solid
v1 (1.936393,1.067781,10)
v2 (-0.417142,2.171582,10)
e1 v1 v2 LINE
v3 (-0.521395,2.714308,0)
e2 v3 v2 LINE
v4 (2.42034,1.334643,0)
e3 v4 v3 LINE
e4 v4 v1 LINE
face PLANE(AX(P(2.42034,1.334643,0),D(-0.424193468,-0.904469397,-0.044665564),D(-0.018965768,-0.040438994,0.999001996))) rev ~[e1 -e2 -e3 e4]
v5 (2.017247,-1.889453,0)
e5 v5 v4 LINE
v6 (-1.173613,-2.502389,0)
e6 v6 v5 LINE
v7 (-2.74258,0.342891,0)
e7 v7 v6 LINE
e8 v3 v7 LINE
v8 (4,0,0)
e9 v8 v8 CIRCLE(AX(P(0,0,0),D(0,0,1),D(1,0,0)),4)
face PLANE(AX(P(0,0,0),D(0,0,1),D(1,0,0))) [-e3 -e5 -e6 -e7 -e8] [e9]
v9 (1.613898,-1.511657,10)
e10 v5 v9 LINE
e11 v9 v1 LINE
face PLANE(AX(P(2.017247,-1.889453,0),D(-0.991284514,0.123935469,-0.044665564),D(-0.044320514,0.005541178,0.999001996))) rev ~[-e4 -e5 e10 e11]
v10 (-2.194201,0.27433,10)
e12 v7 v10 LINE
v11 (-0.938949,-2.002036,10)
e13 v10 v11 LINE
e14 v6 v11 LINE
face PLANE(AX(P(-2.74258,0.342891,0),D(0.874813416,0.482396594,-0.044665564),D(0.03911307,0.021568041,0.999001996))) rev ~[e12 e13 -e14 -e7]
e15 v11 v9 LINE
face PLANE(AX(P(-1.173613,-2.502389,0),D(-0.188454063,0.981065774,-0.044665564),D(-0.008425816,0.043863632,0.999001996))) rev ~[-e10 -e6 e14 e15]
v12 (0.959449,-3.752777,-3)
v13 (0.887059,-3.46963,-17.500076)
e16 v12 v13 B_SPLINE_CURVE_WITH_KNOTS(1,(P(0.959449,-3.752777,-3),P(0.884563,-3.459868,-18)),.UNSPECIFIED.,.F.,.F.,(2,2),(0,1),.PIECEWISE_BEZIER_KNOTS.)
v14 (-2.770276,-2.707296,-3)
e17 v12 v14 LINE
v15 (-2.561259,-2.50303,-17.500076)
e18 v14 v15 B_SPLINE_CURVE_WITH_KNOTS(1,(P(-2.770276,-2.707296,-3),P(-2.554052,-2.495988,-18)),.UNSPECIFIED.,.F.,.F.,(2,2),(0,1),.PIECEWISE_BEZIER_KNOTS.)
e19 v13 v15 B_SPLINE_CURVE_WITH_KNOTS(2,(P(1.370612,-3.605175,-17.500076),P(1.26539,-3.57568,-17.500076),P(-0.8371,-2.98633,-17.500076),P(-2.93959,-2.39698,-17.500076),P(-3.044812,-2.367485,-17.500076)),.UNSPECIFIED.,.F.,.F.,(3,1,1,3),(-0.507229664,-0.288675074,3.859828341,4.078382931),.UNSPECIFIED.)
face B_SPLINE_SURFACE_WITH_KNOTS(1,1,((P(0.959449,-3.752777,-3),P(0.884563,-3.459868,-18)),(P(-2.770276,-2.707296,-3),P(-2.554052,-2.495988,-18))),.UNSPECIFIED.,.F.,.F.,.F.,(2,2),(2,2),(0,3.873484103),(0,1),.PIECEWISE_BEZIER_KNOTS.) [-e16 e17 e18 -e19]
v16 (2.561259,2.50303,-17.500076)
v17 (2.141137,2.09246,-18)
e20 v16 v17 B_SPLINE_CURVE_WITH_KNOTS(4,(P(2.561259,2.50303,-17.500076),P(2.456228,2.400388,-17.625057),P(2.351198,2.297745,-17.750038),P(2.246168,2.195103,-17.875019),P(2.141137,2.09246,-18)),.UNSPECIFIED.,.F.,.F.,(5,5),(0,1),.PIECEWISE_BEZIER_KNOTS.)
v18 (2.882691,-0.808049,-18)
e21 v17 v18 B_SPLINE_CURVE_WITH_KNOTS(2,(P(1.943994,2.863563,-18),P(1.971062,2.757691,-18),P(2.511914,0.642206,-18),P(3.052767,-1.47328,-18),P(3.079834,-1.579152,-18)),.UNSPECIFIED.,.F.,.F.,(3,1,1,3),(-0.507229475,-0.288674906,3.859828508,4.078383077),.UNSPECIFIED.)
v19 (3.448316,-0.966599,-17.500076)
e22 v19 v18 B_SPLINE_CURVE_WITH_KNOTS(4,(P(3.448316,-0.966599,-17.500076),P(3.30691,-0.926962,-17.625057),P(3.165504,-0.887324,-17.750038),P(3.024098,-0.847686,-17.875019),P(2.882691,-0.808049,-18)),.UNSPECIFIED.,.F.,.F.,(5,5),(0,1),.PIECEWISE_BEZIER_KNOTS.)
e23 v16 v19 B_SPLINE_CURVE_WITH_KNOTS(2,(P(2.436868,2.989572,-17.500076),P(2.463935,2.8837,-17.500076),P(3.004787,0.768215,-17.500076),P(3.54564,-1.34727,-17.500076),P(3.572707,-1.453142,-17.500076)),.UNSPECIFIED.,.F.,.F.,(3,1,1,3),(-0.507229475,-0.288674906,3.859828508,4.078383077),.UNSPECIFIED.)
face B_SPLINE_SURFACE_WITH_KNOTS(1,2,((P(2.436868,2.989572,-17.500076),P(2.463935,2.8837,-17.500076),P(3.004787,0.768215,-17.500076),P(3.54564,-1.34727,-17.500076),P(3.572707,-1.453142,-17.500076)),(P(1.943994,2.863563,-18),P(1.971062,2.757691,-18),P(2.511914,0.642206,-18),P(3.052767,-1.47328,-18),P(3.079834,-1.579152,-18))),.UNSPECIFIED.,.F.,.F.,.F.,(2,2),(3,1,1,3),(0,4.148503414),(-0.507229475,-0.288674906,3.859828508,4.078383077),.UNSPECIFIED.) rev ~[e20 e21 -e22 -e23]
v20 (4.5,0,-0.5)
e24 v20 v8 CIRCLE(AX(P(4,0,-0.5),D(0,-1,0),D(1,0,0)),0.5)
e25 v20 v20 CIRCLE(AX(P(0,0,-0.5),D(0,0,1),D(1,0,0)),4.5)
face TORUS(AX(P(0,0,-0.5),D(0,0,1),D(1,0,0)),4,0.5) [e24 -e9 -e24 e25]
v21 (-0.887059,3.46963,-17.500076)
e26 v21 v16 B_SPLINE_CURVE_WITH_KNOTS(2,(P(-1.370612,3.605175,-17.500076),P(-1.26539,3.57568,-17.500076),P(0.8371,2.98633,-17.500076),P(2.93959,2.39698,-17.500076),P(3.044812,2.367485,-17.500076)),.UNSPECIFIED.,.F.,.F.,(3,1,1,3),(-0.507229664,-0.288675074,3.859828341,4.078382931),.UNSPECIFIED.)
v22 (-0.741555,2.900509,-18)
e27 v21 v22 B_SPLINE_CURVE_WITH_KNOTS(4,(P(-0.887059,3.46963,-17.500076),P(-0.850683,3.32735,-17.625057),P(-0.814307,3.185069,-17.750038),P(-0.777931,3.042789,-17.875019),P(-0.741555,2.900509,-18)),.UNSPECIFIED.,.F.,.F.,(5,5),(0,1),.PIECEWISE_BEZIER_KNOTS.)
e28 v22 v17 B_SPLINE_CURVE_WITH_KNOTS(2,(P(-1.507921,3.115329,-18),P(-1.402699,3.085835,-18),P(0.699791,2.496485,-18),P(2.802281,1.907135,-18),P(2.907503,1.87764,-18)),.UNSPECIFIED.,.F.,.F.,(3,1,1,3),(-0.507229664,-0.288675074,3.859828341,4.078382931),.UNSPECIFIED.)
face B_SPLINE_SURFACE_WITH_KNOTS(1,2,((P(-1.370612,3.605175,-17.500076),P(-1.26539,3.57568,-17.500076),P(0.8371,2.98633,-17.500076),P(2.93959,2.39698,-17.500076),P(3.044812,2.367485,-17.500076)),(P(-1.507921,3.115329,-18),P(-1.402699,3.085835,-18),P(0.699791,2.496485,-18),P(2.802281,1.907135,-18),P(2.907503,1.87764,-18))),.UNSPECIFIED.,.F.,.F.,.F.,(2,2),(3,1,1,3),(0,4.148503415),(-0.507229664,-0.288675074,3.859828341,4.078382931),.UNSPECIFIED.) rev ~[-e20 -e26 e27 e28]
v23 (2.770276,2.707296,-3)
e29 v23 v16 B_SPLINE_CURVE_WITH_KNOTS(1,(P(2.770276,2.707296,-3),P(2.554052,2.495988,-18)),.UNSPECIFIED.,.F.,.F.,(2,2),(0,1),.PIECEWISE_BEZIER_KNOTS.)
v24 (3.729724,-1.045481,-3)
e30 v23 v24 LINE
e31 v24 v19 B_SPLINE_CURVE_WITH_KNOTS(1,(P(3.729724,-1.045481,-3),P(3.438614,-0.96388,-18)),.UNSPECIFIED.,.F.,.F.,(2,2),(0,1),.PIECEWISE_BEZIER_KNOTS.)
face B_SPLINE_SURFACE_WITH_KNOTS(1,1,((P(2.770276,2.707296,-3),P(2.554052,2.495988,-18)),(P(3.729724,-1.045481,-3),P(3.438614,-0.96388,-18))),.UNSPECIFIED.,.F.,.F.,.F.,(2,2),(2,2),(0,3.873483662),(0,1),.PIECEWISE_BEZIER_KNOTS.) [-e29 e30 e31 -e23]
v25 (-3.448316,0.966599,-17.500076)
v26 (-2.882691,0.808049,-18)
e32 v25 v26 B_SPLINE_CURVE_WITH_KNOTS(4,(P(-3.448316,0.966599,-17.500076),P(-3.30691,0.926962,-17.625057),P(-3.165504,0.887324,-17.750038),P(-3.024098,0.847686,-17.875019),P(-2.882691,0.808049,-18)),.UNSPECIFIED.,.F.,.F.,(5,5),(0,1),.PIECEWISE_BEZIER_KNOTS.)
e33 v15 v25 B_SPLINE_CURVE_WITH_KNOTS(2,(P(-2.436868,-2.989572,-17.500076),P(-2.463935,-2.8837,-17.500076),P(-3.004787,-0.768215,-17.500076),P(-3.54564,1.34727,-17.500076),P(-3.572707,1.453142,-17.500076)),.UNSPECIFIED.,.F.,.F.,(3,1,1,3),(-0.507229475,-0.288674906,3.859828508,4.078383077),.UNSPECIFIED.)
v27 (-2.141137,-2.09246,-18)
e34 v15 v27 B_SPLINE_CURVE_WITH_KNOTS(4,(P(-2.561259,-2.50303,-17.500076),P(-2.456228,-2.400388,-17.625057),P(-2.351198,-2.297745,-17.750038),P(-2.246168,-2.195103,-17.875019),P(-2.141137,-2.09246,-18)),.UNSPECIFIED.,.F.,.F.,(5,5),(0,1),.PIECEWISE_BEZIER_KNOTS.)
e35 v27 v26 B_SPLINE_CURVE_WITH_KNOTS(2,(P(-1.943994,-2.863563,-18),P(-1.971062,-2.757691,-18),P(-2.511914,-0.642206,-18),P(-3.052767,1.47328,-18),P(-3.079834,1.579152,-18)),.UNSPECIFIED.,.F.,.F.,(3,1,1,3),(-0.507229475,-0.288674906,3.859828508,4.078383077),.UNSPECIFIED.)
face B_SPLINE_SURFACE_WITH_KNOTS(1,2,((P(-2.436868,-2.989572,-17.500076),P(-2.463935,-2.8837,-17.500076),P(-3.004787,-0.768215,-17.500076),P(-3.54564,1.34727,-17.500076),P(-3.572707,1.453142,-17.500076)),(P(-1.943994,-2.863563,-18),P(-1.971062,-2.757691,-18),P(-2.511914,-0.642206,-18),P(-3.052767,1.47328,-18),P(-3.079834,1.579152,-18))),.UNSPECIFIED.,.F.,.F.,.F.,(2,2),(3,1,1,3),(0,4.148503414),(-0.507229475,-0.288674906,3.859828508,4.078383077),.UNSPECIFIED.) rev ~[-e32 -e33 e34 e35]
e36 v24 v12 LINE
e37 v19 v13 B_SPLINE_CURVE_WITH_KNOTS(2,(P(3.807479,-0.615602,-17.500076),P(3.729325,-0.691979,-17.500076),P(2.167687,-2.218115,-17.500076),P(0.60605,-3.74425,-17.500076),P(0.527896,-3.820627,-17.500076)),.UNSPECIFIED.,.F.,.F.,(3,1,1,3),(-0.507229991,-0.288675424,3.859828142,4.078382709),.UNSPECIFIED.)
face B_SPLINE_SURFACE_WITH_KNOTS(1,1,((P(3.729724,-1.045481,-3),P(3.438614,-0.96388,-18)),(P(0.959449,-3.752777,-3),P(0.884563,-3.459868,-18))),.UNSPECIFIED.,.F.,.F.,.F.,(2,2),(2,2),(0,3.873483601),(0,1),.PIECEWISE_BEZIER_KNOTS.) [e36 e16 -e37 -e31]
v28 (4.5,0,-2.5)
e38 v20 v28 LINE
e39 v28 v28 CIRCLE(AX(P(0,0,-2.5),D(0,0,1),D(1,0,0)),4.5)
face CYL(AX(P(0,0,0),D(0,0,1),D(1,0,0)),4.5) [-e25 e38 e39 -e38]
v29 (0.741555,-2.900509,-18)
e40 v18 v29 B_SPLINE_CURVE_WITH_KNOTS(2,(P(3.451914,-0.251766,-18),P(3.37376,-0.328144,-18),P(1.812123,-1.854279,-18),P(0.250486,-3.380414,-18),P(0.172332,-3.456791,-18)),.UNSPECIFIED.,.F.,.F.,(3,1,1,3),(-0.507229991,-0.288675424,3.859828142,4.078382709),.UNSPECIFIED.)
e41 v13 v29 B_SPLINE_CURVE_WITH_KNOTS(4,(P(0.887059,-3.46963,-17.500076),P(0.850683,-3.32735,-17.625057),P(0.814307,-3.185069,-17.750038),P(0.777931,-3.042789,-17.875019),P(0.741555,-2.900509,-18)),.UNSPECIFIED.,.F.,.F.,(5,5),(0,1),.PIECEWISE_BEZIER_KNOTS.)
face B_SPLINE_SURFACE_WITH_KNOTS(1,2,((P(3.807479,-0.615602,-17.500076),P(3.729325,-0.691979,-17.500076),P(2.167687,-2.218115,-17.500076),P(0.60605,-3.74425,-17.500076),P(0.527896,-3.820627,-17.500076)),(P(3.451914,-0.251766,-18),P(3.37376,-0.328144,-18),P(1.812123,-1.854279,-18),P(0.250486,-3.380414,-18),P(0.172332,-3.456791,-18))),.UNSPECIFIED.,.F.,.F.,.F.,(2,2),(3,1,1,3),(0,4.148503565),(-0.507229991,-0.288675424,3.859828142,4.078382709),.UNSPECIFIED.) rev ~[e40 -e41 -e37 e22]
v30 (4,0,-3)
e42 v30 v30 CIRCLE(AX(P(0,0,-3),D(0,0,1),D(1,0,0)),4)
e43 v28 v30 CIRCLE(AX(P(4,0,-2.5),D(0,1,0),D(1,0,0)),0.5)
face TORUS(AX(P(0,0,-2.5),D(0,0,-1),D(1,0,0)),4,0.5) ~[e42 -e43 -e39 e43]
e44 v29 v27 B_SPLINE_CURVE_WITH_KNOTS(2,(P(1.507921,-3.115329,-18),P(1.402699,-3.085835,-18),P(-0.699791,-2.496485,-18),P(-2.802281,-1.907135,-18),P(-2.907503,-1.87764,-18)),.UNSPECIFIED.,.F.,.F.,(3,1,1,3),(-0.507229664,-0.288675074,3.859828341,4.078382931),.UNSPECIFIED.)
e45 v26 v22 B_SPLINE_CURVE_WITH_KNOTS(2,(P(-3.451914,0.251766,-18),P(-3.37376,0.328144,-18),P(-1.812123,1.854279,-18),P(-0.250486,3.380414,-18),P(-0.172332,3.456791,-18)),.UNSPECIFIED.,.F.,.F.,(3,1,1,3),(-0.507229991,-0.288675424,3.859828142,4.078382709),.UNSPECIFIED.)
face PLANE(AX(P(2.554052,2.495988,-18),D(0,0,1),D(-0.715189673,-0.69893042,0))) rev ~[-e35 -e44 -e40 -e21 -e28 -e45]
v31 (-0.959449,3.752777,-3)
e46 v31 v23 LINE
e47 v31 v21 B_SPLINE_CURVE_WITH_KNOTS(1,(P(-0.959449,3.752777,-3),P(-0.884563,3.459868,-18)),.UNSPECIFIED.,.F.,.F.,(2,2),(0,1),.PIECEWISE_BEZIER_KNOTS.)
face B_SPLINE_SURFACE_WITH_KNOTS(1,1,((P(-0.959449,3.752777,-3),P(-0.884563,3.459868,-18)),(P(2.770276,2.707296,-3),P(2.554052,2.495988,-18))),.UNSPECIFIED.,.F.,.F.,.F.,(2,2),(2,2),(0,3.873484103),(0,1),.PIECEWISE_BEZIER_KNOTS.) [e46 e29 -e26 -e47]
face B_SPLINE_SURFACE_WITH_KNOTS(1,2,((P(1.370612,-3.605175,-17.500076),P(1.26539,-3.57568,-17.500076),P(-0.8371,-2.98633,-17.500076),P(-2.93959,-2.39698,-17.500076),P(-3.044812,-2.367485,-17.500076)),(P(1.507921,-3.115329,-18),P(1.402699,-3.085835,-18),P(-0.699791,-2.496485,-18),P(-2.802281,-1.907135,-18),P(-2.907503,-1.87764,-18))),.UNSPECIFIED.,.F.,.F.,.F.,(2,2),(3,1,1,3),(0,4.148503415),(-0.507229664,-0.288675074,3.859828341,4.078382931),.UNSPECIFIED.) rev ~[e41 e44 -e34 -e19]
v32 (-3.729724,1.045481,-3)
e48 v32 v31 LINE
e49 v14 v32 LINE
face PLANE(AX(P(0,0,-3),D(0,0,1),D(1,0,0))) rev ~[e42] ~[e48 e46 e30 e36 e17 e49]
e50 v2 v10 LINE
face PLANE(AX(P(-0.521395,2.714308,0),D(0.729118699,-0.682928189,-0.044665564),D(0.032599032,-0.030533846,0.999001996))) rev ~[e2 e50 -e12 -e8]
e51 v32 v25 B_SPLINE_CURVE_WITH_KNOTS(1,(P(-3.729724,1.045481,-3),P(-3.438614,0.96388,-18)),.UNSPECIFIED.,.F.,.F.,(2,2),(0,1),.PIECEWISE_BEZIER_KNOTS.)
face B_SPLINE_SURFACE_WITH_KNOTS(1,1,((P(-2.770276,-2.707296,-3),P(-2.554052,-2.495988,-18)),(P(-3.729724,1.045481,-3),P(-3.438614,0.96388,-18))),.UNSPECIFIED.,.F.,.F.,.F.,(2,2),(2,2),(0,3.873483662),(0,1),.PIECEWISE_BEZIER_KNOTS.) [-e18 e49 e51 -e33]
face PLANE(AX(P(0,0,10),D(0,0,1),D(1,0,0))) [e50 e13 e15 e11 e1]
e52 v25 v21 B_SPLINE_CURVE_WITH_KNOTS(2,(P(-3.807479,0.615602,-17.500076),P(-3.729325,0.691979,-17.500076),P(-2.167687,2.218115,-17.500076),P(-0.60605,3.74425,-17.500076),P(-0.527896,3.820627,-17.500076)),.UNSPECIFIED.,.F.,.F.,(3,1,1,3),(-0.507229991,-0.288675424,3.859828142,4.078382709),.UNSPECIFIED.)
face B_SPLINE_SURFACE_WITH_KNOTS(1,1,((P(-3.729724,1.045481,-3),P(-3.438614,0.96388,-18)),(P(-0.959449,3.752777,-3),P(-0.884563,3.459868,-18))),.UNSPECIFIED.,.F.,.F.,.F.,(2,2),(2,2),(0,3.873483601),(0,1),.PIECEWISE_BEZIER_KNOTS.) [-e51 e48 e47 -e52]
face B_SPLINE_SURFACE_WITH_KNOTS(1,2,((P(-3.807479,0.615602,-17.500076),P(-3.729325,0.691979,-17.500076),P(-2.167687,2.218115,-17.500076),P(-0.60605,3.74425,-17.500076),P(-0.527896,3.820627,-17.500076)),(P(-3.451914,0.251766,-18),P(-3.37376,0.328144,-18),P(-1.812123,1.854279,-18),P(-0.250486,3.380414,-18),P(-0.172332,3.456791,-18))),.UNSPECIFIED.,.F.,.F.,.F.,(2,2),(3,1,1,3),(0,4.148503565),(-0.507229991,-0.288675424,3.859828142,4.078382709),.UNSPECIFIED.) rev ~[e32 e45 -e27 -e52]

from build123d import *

# Parameters (mm, degrees)
F1_DEPTH = 10
F1_TAPER = 2.56
F2_R     = 4.5
F3_DEPTH = 3
F4_R     = 0.5
F6_DEPTH = 15
F6_TAPER = 1
F7_SIZE  = 0.5


with BuildPart() as f1:
    # F0 (on Top) → F1 (new body)
    with BuildSketch(Plane.XY):
        Polygon((-1.173613, -2.502389), (2.017247, -1.889453), (2.42034, 1.334643), (-0.521395, 2.714308), (-2.74258, 0.342891), align=None)
    extrude(amount=F1_DEPTH, taper=F1_TAPER)

    # F2 (on Top) → F3 (join)
    with BuildSketch(Plane.XY):
        Circle(F2_R)
    extrude(amount=-F3_DEPTH)

    # F4
    f4_edges = [f1.edges().sort_by_distance(p)[0] for p in [
        (-4.5, 0, 0),
        (-4.5, 0, -3),
    ]]
    fillet(f4_edges, radius=F4_R)

    # F5 (on face) → F6 (join)
    with BuildSketch(Plane(origin=(0, 0, -3), x_dir=(1, 0, 0), z_dir=(0, 0, -1))):
        Polygon((2.770276, -2.707296), (3.729724, 1.045481), (0.959449, 3.752777), (-2.770276, 2.707296), (-3.729724, -1.045481), (-0.959449, -3.752777), align=None)
    extrude(amount=F6_DEPTH, taper=F6_TAPER)

    # F7
    f7_edges = [f1.edges().sort_by_distance(p)[0] for p in [
        (2.161589, -2.211874, -18),
        (-0.834745, -2.977927, -18),
        (-2.996333, -0.766054, -18),
        (-2.161589, 2.211874, -18),
        (0.834745, 2.977927, -18),
        (2.996333, 0.766054, -18),
    ]]
    chamfer(f7_edges, length=F7_SIZE)


solid = f1.part
